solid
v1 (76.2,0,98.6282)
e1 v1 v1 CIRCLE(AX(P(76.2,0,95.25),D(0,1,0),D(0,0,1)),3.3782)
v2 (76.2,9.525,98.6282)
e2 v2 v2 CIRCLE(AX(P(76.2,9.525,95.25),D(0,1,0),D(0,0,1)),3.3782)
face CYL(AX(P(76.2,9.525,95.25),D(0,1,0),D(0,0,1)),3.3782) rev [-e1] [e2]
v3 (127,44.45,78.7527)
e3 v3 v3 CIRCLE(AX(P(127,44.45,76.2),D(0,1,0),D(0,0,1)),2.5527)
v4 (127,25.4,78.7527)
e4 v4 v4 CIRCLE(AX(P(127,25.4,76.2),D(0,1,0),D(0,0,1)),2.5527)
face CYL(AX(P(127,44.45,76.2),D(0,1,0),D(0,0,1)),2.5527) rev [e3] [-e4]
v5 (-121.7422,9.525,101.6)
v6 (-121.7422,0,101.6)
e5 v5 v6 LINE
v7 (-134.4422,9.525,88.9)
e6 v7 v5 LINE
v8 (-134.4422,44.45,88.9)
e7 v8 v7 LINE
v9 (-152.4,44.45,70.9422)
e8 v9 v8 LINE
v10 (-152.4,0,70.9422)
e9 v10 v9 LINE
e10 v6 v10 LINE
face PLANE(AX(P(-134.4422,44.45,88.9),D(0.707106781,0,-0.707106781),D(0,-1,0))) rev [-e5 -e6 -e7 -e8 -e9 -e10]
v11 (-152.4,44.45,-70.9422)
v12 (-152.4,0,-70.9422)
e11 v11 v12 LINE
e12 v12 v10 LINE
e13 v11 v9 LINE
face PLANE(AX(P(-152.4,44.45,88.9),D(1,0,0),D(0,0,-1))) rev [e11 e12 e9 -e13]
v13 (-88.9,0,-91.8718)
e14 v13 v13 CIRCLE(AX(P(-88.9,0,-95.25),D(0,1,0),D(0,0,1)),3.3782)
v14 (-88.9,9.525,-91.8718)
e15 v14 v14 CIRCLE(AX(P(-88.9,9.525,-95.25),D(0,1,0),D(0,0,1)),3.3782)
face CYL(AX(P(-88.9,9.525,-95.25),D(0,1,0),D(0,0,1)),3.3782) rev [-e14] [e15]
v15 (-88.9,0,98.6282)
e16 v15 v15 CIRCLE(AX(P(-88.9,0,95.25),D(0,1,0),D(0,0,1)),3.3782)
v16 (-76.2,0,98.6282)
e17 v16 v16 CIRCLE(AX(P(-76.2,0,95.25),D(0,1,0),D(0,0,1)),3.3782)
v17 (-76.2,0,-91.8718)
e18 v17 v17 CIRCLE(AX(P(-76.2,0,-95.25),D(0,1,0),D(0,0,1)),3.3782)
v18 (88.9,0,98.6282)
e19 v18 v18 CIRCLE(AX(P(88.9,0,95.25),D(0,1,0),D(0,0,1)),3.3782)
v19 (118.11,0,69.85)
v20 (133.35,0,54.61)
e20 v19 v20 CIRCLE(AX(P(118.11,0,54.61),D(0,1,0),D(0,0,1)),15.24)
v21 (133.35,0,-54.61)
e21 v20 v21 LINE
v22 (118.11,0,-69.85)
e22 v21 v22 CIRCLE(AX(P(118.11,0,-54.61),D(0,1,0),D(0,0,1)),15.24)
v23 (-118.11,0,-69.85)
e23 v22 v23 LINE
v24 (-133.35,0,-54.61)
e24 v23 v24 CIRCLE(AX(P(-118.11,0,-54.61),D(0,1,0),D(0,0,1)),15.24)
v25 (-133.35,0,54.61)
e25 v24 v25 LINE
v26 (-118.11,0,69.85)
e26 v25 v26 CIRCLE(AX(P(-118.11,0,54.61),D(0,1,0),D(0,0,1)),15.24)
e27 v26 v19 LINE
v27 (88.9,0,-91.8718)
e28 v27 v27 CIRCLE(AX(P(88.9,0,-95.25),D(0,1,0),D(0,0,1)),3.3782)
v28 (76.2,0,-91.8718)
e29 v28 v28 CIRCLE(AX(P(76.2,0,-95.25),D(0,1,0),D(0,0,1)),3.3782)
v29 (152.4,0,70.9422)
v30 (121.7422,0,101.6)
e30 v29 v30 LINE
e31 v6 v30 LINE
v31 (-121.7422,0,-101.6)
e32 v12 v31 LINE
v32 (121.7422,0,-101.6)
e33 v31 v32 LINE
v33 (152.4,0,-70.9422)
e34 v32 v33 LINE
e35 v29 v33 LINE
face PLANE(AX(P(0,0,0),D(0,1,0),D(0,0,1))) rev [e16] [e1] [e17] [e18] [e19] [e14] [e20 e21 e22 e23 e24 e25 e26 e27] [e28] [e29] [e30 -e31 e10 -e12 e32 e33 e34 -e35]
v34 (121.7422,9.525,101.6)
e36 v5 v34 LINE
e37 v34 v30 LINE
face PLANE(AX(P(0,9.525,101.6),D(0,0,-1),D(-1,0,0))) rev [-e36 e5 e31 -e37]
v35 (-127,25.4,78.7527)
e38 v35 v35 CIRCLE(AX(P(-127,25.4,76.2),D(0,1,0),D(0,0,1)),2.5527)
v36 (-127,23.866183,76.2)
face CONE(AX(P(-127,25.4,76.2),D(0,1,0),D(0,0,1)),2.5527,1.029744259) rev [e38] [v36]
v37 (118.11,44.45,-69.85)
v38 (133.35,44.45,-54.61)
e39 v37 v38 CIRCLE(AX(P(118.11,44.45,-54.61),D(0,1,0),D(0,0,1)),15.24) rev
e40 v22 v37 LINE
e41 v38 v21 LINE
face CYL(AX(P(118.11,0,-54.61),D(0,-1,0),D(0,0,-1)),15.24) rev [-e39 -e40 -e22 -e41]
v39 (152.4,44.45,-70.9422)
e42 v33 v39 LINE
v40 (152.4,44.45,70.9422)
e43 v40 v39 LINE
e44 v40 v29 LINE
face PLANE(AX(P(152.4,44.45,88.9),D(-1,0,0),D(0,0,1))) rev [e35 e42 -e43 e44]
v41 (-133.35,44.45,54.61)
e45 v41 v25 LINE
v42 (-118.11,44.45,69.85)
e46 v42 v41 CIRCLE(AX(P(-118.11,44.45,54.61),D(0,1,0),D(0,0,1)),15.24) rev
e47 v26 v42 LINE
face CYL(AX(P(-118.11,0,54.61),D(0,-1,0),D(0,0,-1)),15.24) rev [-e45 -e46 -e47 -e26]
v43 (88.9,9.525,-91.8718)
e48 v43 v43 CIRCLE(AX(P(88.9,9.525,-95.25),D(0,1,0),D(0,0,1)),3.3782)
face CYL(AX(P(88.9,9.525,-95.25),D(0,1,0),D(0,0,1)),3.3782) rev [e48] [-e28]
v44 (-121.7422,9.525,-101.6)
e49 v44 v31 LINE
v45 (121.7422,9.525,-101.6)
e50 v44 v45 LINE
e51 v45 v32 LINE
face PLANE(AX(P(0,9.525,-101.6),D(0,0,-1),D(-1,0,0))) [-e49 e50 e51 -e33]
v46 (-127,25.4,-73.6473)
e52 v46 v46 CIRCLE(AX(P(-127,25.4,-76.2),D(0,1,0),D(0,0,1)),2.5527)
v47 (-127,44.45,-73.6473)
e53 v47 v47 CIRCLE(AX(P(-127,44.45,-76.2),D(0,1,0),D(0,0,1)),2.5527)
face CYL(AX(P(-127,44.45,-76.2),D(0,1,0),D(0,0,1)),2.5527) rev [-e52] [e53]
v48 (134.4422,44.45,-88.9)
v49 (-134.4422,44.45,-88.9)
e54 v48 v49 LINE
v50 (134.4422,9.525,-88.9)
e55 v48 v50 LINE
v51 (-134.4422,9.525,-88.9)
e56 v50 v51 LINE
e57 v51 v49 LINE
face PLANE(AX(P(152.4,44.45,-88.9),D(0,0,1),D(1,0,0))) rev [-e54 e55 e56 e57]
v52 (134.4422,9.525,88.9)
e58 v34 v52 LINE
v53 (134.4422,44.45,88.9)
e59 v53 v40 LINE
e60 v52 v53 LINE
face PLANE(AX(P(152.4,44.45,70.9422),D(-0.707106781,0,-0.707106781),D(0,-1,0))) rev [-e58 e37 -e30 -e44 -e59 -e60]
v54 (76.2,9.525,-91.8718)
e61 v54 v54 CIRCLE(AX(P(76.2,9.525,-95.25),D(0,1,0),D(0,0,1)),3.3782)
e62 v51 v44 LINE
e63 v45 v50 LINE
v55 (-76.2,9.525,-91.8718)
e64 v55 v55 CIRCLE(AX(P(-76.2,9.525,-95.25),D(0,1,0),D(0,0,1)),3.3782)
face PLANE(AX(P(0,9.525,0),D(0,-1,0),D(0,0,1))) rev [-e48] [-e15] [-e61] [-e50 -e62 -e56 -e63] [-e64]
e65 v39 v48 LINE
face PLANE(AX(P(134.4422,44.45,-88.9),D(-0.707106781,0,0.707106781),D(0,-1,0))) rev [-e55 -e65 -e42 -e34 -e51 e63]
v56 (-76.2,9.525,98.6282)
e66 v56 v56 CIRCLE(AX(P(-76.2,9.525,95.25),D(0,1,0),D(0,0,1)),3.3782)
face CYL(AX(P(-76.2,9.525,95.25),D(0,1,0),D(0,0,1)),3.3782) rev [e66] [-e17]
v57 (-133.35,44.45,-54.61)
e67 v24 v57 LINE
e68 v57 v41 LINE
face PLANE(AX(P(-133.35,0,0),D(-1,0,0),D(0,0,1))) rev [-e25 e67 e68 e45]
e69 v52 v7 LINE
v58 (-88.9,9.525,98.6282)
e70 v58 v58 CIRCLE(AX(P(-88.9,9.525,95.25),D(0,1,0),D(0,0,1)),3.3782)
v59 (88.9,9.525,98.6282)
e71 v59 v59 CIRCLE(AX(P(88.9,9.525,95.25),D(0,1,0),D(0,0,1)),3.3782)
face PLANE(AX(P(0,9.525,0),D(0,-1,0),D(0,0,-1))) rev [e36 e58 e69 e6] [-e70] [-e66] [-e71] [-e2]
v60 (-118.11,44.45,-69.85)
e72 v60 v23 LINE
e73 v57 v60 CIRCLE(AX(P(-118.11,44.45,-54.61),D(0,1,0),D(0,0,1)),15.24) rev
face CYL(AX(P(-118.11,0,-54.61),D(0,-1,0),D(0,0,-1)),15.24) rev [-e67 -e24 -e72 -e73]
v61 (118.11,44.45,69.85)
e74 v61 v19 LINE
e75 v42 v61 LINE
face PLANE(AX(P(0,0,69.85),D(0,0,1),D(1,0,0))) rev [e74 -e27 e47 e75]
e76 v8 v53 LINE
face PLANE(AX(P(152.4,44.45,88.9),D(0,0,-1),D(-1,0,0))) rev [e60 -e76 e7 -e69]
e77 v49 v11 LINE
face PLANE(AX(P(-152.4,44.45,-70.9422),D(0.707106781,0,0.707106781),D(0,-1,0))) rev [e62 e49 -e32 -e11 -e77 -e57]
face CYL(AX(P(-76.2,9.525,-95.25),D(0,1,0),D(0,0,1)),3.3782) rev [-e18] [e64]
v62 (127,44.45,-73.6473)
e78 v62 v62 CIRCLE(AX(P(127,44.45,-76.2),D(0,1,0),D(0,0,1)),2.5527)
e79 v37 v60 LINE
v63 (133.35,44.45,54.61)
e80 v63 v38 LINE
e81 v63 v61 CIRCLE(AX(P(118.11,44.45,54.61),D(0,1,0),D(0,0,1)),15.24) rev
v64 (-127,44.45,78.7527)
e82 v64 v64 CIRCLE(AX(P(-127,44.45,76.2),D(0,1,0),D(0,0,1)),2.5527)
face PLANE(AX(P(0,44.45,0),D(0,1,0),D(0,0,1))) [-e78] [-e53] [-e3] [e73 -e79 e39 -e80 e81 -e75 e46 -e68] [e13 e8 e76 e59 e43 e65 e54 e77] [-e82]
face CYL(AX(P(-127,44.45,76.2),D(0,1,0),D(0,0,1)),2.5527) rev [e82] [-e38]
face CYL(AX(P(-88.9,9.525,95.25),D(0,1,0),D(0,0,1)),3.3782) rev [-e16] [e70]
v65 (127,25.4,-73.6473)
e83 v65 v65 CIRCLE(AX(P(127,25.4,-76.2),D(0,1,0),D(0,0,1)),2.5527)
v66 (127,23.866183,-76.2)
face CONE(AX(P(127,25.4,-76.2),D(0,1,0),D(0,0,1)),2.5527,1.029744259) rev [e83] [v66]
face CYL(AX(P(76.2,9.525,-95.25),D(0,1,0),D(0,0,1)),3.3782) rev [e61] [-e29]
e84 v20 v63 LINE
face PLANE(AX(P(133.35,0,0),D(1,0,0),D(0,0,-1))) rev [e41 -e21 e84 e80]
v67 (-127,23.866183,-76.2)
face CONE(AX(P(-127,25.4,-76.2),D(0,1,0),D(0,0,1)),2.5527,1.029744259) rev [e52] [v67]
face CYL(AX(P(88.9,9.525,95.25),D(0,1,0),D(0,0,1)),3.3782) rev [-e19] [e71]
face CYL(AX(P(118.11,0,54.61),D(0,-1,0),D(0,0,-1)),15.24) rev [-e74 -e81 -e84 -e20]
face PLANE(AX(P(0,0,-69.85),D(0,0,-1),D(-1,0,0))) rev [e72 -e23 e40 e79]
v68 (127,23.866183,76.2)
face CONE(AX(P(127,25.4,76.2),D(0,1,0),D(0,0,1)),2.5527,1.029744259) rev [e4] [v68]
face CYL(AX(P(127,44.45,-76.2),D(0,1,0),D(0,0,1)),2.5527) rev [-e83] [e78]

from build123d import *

# Parameters (mm, degrees)
SKETCH1_W                   = 304.8
SKETCH1_H                   = 177.8
BOSS_EXTRUDE1_DEPTH         = 44.45
CHAMFER1_SIZE               = 17.9578
CUT_EXTRUDE1_DEPTH          = 45.45
F_1_4_20_TAPPED_HOLE1_D     = 5.1054
F_1_4_20_TAPPED_HOLE1_DEPTH = 19.05
F_1_4_20_TAPPED_HOLE1_TIP   = 1.533816902
BOSS_EXTRUDE2_DEPTH         = 9.525
F_1_4_CLEARANCE_HOLE1_D     = 6.7564
FILLET2_R                   = 15.24


with BuildPart() as part:
    # Sketch1 → Boss-Extrude1 (new body)
    with BuildSketch(Plane(origin=(0, 0, 0), x_dir=(1, 0, 0), z_dir=(0, 1, 0))):
        Rectangle(SKETCH1_W, SKETCH1_H)
    extrude(amount=BOSS_EXTRUDE1_DEPTH)

    # Chamfer1
    chamfer1_edges = [part.edges().sort_by_distance(p)[0] for p in [
        (-152.4, 22.225, -88.9),
        (152.4, 22.225, -88.9),
        (152.4, 22.225, 88.9),
        (-152.4, 22.225, 88.9),
    ]]
    chamfer(chamfer1_edges, length=CHAMFER1_SIZE)

    # Sketch3 → Cut-Extrude1 (cut, through all)
    with BuildSketch(Plane(origin=(0, 44.45, 0), x_dir=(1, 0, 0), z_dir=(0, 1, 0))):
        Polygon((133.35, 63.051431637), (126.551431637, 69.85), (-126.551431637, 69.85), (-133.35, 63.051431637), (-133.35, -63.051431637), (-126.551431637, -69.85), (126.551431637, -69.85), (133.35, -63.051431637), align=None)
        Polygon((-133.35, 63.051431637), (-126.551431637, 69.85), (-133.35, 69.85), align=None)
        Polygon((133.35, 69.85), (126.551431637, 69.85), (133.35, 63.051431637), align=None)
        Polygon((-126.551431637, -69.85), (-133.35, -63.051431637), (-133.35, -69.85), align=None)
        Polygon((133.35, -69.85), (133.35, -63.051431637), (126.551431637, -69.85), align=None)
    extrude(amount=-CUT_EXTRUDE1_DEPTH, mode=Mode.SUBTRACT)

    # 1/4-20 Tapped Hole1
    with Locations(Plane(origin=(0, 44.45, 0), x_dir=(1, 0, 0), z_dir=(0, 1, 0))):
        with Locations((-127, 76.2), (127, 76.2), (127, -76.2), (-127, -76.2)):
            Hole(F_1_4_20_TAPPED_HOLE1_D / 2, depth=F_1_4_20_TAPPED_HOLE1_DEPTH)
            with Locations((0, 0, -(F_1_4_20_TAPPED_HOLE1_DEPTH + F_1_4_20_TAPPED_HOLE1_TIP / 2))):  # 118° drill point
                Cone(0, F_1_4_20_TAPPED_HOLE1_D / 2, F_1_4_20_TAPPED_HOLE1_TIP, mode=Mode.SUBTRACT)

    # Sketch6 → Boss-Extrude2 (add)
    with BuildSketch(Plane.XZ):
        Polygon((121.7422, 101.6), (134.4422, 88.9), (-134.4422, 88.9), (-121.7422, 101.6), align=None)
    boss_extrude2 = extrude(amount=-BOSS_EXTRUDE2_DEPTH)

    # 1/4 Clearance Hole1 (through all)
    with Locations(Plane(origin=(0, 9.525, 0), x_dir=(1, 0, 0), z_dir=(0, 1, 0))):
        with Locations((-88.9, -95.25), (88.9, -95.25), (-76.2, -95.25), (76.2, -95.25)):
            f_1_4_clearance_hole1 = Hole(F_1_4_CLEARANCE_HOLE1_D / 2)

    # Mirror1: Boss-Extrude2, 1/4 Clearance Hole1 across plane
    add(boss_extrude2.mirror(Plane.XY))
    add(f_1_4_clearance_hole1.mirror(Plane.XY), mode=Mode.SUBTRACT)

    # Fillet2
    fillet2_edges = [part.edges().sort_by_distance(p)[0] for p in [
        (133.35, 22.225, -69.85),
        (133.35, 22.225, 69.85),
        (-133.35, 22.225, 69.85),
        (-133.35, 22.225, -69.85),
    ]]
    fillet(fillet2_edges, radius=FILLET2_R)


solid = part.part
